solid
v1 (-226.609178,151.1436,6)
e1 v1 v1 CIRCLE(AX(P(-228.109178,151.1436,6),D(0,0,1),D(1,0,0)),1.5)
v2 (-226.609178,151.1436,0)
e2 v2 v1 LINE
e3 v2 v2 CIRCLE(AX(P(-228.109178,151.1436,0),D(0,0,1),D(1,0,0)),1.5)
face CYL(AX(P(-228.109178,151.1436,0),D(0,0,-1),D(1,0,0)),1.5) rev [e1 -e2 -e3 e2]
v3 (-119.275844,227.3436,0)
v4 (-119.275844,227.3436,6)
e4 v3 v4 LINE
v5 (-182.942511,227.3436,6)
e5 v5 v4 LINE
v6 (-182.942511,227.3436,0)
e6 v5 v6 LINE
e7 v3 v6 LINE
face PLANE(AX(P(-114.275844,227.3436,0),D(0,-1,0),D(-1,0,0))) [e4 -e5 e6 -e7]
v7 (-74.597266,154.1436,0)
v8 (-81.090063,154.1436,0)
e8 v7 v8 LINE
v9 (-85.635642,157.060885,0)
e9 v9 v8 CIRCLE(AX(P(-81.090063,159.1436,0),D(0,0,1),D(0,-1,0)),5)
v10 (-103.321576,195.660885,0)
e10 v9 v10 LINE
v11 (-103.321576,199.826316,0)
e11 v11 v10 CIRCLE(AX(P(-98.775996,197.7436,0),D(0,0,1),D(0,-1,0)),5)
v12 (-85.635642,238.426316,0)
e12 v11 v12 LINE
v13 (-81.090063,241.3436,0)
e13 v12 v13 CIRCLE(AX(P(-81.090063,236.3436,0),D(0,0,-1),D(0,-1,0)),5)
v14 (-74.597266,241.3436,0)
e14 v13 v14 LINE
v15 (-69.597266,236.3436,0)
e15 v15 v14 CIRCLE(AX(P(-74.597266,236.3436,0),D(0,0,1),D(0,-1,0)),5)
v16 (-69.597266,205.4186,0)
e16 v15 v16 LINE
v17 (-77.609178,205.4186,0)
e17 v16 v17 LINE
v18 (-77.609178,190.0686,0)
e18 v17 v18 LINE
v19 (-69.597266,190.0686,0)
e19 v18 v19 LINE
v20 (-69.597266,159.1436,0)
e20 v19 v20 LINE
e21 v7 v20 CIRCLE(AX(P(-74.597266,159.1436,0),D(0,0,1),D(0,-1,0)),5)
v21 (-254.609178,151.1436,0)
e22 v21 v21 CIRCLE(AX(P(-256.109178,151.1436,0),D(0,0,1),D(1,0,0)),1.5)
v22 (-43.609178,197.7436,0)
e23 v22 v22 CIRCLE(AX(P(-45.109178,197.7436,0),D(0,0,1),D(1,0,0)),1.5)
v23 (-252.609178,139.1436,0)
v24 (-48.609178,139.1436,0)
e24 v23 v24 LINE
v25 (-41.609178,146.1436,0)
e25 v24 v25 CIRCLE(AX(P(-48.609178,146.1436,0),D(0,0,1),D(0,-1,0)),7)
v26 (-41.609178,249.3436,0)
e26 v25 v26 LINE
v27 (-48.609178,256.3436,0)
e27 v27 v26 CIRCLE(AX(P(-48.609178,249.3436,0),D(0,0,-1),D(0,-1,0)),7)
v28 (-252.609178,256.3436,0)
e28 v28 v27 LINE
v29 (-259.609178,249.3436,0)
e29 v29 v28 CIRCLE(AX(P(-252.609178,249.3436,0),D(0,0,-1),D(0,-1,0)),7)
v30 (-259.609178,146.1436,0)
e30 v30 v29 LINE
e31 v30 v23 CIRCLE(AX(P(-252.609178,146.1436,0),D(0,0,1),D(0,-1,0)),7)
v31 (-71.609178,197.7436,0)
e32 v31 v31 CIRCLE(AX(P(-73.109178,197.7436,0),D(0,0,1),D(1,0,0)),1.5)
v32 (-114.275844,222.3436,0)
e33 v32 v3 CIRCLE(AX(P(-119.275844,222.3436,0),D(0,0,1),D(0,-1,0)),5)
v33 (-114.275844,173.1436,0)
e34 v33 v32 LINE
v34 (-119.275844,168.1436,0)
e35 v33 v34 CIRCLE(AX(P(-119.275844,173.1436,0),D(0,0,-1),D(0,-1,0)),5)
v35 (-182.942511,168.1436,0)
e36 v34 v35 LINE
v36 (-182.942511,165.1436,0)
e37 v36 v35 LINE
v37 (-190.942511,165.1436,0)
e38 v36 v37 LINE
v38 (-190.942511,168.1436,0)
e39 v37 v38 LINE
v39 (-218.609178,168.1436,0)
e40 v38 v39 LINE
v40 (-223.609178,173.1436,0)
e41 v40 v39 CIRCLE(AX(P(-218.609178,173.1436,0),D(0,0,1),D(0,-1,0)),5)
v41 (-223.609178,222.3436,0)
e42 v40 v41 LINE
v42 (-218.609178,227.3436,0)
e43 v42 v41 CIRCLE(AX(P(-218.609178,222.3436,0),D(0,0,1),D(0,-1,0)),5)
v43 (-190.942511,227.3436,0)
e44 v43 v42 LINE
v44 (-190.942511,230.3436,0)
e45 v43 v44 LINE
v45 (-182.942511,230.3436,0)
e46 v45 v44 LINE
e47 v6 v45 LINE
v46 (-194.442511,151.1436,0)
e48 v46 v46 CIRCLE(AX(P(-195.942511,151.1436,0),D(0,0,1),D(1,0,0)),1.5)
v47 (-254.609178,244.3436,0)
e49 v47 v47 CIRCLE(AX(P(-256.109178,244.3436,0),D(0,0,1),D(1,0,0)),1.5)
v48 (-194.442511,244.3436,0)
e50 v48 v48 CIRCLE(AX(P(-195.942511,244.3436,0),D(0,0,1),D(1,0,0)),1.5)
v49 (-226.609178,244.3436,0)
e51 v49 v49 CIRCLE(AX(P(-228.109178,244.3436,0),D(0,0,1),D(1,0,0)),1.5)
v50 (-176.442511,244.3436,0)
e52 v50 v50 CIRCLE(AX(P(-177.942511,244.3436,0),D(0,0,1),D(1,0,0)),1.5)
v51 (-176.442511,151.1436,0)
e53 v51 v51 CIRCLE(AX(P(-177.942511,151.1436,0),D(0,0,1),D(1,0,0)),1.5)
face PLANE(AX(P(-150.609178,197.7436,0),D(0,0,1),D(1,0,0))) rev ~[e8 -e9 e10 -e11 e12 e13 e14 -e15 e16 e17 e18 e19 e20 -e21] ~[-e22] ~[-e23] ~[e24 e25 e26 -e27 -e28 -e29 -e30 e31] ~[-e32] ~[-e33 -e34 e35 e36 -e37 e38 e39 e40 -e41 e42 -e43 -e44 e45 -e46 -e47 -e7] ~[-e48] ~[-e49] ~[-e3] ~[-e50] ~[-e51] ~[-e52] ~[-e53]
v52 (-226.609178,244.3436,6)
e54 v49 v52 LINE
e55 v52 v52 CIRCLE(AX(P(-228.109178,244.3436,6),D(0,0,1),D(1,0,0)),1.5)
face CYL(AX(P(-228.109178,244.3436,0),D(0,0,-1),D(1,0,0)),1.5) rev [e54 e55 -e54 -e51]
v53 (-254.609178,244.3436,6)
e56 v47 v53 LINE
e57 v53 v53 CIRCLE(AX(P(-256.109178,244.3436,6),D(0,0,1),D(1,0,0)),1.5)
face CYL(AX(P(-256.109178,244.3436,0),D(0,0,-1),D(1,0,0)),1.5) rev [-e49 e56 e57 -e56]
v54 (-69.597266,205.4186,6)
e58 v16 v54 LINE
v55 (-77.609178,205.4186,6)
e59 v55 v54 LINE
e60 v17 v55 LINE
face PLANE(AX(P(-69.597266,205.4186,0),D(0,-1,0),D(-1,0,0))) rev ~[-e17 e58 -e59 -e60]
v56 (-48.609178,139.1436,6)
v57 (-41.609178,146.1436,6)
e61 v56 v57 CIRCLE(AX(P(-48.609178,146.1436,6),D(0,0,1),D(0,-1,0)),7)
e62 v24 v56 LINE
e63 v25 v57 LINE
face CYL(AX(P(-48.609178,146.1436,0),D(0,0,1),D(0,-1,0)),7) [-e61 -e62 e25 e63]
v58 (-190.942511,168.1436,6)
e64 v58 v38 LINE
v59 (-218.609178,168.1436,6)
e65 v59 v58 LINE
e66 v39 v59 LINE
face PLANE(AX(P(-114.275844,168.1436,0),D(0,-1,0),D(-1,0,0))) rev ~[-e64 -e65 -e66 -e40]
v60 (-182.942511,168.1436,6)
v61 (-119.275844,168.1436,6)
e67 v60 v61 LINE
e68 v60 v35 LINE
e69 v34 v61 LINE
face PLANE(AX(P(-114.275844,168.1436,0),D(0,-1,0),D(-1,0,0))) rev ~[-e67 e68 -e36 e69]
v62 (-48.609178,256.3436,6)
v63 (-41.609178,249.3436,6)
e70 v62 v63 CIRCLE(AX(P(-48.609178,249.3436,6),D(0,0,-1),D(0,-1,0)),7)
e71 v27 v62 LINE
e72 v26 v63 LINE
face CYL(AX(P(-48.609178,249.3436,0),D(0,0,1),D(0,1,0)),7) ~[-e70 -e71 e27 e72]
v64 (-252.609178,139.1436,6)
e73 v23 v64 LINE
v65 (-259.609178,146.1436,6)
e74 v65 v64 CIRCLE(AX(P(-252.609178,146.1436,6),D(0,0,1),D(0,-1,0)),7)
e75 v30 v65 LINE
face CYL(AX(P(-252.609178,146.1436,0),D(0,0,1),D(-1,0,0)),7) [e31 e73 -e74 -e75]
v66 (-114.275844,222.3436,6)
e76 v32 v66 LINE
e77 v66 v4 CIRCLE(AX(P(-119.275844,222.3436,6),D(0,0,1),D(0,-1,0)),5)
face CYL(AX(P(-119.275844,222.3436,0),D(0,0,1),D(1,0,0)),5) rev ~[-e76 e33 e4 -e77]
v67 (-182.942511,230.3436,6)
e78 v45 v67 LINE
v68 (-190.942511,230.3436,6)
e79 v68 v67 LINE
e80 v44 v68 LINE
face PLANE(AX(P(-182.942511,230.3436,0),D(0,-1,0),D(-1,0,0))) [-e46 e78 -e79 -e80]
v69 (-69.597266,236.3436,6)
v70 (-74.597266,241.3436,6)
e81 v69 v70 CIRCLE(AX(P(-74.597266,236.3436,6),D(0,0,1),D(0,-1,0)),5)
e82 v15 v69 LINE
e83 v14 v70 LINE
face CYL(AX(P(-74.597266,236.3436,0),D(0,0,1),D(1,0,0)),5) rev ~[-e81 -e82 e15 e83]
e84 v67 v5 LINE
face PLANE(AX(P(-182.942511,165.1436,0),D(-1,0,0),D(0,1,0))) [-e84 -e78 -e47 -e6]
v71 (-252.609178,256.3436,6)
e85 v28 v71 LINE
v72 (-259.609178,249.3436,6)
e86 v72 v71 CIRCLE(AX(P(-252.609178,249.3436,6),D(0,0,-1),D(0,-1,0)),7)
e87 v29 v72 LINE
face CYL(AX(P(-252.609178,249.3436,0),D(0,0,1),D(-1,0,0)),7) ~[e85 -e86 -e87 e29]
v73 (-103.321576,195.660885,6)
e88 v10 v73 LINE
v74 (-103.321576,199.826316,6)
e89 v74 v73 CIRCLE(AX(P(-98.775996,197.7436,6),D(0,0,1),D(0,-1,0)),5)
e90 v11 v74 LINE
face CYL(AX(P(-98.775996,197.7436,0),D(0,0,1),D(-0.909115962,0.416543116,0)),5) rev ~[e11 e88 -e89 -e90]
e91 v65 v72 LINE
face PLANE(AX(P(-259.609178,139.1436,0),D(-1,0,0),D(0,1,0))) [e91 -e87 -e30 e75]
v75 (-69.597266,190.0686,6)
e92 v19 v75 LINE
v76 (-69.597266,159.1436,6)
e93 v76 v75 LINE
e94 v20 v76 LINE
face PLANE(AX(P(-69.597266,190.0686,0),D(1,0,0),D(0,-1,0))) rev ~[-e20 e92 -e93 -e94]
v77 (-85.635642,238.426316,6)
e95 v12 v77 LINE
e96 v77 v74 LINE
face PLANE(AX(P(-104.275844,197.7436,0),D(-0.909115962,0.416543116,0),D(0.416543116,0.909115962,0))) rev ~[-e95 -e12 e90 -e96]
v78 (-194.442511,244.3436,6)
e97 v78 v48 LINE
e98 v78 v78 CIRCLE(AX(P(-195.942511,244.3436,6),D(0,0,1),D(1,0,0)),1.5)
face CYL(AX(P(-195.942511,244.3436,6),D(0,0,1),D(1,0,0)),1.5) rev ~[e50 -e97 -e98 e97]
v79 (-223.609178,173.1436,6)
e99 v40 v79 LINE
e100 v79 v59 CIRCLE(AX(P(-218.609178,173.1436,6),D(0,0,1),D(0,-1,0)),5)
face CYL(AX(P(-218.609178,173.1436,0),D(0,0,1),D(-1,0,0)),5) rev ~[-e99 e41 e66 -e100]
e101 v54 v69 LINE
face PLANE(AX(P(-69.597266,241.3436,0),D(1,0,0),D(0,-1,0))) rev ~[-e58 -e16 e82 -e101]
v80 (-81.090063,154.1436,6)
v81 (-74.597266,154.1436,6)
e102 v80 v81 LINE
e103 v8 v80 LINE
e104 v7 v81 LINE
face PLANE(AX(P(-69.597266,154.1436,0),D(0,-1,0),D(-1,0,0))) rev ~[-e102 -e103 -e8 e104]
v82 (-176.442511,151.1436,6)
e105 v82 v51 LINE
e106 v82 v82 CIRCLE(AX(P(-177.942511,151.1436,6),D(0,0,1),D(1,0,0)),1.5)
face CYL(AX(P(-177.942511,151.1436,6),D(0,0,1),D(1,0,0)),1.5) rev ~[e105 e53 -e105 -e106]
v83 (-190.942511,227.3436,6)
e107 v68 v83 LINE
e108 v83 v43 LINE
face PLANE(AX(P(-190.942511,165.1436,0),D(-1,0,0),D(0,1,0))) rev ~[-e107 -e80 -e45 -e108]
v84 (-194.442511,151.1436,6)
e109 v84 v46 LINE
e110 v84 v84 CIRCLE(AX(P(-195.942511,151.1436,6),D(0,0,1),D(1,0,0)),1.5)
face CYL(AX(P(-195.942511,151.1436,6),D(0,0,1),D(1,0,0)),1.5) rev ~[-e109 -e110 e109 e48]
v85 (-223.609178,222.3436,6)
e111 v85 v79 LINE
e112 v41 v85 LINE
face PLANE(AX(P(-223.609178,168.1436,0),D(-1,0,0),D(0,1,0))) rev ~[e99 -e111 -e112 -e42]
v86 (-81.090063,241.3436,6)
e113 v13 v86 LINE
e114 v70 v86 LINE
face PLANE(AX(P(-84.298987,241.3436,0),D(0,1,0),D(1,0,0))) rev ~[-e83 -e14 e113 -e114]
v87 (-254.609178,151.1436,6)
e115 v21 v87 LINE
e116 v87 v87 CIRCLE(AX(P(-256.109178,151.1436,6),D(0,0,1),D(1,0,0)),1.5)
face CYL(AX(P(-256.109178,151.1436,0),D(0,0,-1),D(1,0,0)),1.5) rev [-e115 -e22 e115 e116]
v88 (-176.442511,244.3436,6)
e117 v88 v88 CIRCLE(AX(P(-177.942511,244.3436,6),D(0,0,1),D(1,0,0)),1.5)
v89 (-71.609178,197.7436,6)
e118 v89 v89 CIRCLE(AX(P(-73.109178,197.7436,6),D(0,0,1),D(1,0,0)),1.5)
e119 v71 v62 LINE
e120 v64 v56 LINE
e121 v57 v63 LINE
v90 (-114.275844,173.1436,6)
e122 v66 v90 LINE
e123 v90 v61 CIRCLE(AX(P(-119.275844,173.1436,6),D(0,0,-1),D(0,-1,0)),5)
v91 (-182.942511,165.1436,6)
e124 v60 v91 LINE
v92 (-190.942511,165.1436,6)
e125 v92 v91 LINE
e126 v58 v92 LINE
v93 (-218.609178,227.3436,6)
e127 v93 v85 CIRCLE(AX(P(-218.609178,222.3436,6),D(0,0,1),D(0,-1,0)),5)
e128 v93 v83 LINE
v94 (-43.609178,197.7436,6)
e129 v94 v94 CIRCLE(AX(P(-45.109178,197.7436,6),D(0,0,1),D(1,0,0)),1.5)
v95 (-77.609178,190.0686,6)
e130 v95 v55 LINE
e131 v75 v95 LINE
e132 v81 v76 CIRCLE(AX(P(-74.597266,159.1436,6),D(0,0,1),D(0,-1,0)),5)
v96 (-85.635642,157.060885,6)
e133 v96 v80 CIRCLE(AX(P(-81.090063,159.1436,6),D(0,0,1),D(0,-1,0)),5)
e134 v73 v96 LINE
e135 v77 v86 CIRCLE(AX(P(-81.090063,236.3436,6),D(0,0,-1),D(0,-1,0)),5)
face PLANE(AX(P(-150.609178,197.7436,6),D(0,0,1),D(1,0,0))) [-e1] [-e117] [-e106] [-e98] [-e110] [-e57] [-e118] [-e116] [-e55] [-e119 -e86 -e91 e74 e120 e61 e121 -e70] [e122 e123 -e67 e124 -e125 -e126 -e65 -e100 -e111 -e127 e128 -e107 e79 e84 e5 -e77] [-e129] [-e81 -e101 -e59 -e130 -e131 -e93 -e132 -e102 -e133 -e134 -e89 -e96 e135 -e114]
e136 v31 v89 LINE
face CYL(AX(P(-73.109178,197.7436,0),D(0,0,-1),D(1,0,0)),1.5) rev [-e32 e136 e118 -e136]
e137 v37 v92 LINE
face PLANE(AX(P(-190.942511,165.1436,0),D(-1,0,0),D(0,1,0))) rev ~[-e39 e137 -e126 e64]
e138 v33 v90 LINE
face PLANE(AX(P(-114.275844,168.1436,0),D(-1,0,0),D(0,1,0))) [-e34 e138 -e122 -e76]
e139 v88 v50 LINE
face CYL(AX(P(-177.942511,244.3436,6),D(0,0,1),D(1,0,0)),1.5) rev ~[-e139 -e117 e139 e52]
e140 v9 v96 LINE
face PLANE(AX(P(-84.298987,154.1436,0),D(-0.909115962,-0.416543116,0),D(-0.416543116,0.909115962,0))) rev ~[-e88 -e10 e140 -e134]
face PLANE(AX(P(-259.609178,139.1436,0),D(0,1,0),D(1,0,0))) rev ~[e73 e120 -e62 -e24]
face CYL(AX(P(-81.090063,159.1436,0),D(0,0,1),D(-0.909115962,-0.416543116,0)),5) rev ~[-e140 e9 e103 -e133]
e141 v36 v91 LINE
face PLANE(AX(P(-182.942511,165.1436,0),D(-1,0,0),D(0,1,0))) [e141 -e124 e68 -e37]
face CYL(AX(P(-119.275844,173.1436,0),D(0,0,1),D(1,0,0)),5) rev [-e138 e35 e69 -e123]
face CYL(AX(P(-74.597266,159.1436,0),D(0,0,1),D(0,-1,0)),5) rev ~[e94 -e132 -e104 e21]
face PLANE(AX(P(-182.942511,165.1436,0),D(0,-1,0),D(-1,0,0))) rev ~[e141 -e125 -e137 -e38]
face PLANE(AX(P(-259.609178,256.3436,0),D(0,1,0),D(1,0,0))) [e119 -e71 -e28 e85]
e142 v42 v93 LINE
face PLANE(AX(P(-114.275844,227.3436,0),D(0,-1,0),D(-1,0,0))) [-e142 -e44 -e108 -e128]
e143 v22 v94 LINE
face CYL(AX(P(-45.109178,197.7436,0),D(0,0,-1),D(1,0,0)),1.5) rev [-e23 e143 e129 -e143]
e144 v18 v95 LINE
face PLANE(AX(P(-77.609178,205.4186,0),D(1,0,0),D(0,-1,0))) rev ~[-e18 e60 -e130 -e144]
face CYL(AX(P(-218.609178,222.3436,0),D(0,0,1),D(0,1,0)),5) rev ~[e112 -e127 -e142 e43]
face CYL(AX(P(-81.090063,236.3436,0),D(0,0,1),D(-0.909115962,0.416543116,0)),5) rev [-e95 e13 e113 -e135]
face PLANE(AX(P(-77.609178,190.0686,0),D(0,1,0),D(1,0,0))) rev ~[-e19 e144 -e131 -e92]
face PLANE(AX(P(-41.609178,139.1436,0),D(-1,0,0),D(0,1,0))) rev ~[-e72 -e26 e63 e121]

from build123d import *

# Parameters (mm, degrees)
SKETCH1_W           = 218
SKETCH1_H           = 117.2
SKETCH1_R           = 1.5
BOSS_EXTRUDE1_DEPTH = 6
SKETCH2_R           = 1.5
CUT_EXTRUDE1_DEPTH  = 6
FILLET1_R           = 7
SKETCH3_W           = 109.333333333
SKETCH3_H           = 59.2
CUT_EXTRUDE2_DEPTH  = 10
FILLET3_R           = 5
CUT_EXTRUDE3_DEPTH  = 10
FILLET4_R           = 5
SKETCH5_W           = 8
SKETCH5_H           = 65.2
CUT_EXTRUDE4_DEPTH  = 10


with BuildPart() as part:
    # Sketch1 → Boss-Extrude1 (new body)
    with BuildSketch(Plane.XY):
        with Locations((-150.609177744, 197.743600407)):
            Rectangle(SKETCH1_W, SKETCH1_H)
        with Locations((-256.109177744, 244.343600407)):
            Circle(SKETCH1_R, mode=Mode.SUBTRACT)
        with Locations((-256.109177744, 151.143600407)):
            Circle(SKETCH1_R, mode=Mode.SUBTRACT)
        with Locations((-45.109177744, 197.743600407)):
            Circle(SKETCH1_R, mode=Mode.SUBTRACT)
        with Locations((-73.109177744, 197.743600407)):
            Circle(SKETCH1_R, mode=Mode.SUBTRACT)
        with Locations((-228.109177744, 244.343600407)):
            Circle(SKETCH1_R, mode=Mode.SUBTRACT)
        with Locations((-228.109177744, 151.143600407)):
            Circle(SKETCH1_R, mode=Mode.SUBTRACT)
    extrude(amount=BOSS_EXTRUDE1_DEPTH)

    # Sketch2 → Cut-Extrude1 (cut)
    with BuildSketch(Plane.XY.offset(6)):
        with Locations((-195.942511077, 151.143600407)):
            Circle(SKETCH2_R)
        with Locations((-177.942511077, 151.143600407)):
            Circle(SKETCH2_R)
        with Locations((-195.942511077, 244.343600407)):
            Circle(SKETCH2_R)
        with Locations((-177.942511077, 244.343600407)):
            Circle(SKETCH2_R)
    extrude(amount=-CUT_EXTRUDE1_DEPTH, mode=Mode.SUBTRACT)

    # Fillet1
    fillet1_edges = [part.edges().sort_by_distance(p)[0] for p in [
        (-259.609177744, 256.343600407, 3),
        (-41.609177744, 256.343600407, 3),
        (-41.609177744, 139.143600407, 3),
        (-259.609177744, 139.143600407, 3),
    ]]
    fillet(fillet1_edges, radius=FILLET1_R)

    # Sketch3 → Cut-Extrude2 (cut)
    with BuildSketch(Plane(origin=(0, 0, 0), x_dir=(-1, 0, 0), z_dir=(0, 0, -1))):
        with Locations((168.942511078, 197.743600407)):
            Rectangle(SKETCH3_W, SKETCH3_H)
    extrude(amount=-CUT_EXTRUDE2_DEPTH, mode=Mode.SUBTRACT)

    # Fillet3
    fillet3_edges = [part.edges().sort_by_distance(p)[0] for p in [
        (-114.275844411, 227.343600407, 3),
        (-223.609177744, 227.343600407, 3),
        (-223.609177744, 168.143600407, 3),
        (-114.275844411, 168.143600407, 3),
    ]]
    fillet(fillet3_edges, radius=FILLET3_R)

    # Sketch4 → Cut-Extrude3 (cut)
    with BuildSketch(Plane(origin=(0, 0, 0), x_dir=(-1, 0, 0), z_dir=(0, 0, -1))):
        Polygon((84.298987117, 241.343600407), (69.597266226, 241.343600407), (69.597266226, 205.418600407), (77.609177744, 205.418600407), (77.609177744, 190.068600407), (69.597266226, 190.068600407), (69.597266226, 154.143600407), (84.298987117, 154.143600407), (104.275844411, 197.743600407), align=None)
    extrude(amount=-CUT_EXTRUDE3_DEPTH, mode=Mode.SUBTRACT)

    # Fillet4
    fillet4_edges = [part.edges().sort_by_distance(p)[0] for p in [
        (-69.597266226, 241.343600407, 3),
        (-84.298987117, 241.343600407, 3),
        (-104.275844411, 197.743600407, 3),
        (-84.298987117, 154.143600407, 3),
        (-69.597266226, 154.143600407, 3),
    ]]
    fillet(fillet4_edges, radius=FILLET4_R)

    # Sketch5 → Cut-Extrude4 (cut)
    with BuildSketch(Plane(origin=(0, 0, 0), x_dir=(-1, 0, 0), z_dir=(0, 0, -1))):
        with Locations((186.942511077, 197.743600407)):
            Rectangle(SKETCH5_W, SKETCH5_H)
    extrude(amount=-CUT_EXTRUDE4_DEPTH, mode=Mode.SUBTRACT)


solid = part.part
